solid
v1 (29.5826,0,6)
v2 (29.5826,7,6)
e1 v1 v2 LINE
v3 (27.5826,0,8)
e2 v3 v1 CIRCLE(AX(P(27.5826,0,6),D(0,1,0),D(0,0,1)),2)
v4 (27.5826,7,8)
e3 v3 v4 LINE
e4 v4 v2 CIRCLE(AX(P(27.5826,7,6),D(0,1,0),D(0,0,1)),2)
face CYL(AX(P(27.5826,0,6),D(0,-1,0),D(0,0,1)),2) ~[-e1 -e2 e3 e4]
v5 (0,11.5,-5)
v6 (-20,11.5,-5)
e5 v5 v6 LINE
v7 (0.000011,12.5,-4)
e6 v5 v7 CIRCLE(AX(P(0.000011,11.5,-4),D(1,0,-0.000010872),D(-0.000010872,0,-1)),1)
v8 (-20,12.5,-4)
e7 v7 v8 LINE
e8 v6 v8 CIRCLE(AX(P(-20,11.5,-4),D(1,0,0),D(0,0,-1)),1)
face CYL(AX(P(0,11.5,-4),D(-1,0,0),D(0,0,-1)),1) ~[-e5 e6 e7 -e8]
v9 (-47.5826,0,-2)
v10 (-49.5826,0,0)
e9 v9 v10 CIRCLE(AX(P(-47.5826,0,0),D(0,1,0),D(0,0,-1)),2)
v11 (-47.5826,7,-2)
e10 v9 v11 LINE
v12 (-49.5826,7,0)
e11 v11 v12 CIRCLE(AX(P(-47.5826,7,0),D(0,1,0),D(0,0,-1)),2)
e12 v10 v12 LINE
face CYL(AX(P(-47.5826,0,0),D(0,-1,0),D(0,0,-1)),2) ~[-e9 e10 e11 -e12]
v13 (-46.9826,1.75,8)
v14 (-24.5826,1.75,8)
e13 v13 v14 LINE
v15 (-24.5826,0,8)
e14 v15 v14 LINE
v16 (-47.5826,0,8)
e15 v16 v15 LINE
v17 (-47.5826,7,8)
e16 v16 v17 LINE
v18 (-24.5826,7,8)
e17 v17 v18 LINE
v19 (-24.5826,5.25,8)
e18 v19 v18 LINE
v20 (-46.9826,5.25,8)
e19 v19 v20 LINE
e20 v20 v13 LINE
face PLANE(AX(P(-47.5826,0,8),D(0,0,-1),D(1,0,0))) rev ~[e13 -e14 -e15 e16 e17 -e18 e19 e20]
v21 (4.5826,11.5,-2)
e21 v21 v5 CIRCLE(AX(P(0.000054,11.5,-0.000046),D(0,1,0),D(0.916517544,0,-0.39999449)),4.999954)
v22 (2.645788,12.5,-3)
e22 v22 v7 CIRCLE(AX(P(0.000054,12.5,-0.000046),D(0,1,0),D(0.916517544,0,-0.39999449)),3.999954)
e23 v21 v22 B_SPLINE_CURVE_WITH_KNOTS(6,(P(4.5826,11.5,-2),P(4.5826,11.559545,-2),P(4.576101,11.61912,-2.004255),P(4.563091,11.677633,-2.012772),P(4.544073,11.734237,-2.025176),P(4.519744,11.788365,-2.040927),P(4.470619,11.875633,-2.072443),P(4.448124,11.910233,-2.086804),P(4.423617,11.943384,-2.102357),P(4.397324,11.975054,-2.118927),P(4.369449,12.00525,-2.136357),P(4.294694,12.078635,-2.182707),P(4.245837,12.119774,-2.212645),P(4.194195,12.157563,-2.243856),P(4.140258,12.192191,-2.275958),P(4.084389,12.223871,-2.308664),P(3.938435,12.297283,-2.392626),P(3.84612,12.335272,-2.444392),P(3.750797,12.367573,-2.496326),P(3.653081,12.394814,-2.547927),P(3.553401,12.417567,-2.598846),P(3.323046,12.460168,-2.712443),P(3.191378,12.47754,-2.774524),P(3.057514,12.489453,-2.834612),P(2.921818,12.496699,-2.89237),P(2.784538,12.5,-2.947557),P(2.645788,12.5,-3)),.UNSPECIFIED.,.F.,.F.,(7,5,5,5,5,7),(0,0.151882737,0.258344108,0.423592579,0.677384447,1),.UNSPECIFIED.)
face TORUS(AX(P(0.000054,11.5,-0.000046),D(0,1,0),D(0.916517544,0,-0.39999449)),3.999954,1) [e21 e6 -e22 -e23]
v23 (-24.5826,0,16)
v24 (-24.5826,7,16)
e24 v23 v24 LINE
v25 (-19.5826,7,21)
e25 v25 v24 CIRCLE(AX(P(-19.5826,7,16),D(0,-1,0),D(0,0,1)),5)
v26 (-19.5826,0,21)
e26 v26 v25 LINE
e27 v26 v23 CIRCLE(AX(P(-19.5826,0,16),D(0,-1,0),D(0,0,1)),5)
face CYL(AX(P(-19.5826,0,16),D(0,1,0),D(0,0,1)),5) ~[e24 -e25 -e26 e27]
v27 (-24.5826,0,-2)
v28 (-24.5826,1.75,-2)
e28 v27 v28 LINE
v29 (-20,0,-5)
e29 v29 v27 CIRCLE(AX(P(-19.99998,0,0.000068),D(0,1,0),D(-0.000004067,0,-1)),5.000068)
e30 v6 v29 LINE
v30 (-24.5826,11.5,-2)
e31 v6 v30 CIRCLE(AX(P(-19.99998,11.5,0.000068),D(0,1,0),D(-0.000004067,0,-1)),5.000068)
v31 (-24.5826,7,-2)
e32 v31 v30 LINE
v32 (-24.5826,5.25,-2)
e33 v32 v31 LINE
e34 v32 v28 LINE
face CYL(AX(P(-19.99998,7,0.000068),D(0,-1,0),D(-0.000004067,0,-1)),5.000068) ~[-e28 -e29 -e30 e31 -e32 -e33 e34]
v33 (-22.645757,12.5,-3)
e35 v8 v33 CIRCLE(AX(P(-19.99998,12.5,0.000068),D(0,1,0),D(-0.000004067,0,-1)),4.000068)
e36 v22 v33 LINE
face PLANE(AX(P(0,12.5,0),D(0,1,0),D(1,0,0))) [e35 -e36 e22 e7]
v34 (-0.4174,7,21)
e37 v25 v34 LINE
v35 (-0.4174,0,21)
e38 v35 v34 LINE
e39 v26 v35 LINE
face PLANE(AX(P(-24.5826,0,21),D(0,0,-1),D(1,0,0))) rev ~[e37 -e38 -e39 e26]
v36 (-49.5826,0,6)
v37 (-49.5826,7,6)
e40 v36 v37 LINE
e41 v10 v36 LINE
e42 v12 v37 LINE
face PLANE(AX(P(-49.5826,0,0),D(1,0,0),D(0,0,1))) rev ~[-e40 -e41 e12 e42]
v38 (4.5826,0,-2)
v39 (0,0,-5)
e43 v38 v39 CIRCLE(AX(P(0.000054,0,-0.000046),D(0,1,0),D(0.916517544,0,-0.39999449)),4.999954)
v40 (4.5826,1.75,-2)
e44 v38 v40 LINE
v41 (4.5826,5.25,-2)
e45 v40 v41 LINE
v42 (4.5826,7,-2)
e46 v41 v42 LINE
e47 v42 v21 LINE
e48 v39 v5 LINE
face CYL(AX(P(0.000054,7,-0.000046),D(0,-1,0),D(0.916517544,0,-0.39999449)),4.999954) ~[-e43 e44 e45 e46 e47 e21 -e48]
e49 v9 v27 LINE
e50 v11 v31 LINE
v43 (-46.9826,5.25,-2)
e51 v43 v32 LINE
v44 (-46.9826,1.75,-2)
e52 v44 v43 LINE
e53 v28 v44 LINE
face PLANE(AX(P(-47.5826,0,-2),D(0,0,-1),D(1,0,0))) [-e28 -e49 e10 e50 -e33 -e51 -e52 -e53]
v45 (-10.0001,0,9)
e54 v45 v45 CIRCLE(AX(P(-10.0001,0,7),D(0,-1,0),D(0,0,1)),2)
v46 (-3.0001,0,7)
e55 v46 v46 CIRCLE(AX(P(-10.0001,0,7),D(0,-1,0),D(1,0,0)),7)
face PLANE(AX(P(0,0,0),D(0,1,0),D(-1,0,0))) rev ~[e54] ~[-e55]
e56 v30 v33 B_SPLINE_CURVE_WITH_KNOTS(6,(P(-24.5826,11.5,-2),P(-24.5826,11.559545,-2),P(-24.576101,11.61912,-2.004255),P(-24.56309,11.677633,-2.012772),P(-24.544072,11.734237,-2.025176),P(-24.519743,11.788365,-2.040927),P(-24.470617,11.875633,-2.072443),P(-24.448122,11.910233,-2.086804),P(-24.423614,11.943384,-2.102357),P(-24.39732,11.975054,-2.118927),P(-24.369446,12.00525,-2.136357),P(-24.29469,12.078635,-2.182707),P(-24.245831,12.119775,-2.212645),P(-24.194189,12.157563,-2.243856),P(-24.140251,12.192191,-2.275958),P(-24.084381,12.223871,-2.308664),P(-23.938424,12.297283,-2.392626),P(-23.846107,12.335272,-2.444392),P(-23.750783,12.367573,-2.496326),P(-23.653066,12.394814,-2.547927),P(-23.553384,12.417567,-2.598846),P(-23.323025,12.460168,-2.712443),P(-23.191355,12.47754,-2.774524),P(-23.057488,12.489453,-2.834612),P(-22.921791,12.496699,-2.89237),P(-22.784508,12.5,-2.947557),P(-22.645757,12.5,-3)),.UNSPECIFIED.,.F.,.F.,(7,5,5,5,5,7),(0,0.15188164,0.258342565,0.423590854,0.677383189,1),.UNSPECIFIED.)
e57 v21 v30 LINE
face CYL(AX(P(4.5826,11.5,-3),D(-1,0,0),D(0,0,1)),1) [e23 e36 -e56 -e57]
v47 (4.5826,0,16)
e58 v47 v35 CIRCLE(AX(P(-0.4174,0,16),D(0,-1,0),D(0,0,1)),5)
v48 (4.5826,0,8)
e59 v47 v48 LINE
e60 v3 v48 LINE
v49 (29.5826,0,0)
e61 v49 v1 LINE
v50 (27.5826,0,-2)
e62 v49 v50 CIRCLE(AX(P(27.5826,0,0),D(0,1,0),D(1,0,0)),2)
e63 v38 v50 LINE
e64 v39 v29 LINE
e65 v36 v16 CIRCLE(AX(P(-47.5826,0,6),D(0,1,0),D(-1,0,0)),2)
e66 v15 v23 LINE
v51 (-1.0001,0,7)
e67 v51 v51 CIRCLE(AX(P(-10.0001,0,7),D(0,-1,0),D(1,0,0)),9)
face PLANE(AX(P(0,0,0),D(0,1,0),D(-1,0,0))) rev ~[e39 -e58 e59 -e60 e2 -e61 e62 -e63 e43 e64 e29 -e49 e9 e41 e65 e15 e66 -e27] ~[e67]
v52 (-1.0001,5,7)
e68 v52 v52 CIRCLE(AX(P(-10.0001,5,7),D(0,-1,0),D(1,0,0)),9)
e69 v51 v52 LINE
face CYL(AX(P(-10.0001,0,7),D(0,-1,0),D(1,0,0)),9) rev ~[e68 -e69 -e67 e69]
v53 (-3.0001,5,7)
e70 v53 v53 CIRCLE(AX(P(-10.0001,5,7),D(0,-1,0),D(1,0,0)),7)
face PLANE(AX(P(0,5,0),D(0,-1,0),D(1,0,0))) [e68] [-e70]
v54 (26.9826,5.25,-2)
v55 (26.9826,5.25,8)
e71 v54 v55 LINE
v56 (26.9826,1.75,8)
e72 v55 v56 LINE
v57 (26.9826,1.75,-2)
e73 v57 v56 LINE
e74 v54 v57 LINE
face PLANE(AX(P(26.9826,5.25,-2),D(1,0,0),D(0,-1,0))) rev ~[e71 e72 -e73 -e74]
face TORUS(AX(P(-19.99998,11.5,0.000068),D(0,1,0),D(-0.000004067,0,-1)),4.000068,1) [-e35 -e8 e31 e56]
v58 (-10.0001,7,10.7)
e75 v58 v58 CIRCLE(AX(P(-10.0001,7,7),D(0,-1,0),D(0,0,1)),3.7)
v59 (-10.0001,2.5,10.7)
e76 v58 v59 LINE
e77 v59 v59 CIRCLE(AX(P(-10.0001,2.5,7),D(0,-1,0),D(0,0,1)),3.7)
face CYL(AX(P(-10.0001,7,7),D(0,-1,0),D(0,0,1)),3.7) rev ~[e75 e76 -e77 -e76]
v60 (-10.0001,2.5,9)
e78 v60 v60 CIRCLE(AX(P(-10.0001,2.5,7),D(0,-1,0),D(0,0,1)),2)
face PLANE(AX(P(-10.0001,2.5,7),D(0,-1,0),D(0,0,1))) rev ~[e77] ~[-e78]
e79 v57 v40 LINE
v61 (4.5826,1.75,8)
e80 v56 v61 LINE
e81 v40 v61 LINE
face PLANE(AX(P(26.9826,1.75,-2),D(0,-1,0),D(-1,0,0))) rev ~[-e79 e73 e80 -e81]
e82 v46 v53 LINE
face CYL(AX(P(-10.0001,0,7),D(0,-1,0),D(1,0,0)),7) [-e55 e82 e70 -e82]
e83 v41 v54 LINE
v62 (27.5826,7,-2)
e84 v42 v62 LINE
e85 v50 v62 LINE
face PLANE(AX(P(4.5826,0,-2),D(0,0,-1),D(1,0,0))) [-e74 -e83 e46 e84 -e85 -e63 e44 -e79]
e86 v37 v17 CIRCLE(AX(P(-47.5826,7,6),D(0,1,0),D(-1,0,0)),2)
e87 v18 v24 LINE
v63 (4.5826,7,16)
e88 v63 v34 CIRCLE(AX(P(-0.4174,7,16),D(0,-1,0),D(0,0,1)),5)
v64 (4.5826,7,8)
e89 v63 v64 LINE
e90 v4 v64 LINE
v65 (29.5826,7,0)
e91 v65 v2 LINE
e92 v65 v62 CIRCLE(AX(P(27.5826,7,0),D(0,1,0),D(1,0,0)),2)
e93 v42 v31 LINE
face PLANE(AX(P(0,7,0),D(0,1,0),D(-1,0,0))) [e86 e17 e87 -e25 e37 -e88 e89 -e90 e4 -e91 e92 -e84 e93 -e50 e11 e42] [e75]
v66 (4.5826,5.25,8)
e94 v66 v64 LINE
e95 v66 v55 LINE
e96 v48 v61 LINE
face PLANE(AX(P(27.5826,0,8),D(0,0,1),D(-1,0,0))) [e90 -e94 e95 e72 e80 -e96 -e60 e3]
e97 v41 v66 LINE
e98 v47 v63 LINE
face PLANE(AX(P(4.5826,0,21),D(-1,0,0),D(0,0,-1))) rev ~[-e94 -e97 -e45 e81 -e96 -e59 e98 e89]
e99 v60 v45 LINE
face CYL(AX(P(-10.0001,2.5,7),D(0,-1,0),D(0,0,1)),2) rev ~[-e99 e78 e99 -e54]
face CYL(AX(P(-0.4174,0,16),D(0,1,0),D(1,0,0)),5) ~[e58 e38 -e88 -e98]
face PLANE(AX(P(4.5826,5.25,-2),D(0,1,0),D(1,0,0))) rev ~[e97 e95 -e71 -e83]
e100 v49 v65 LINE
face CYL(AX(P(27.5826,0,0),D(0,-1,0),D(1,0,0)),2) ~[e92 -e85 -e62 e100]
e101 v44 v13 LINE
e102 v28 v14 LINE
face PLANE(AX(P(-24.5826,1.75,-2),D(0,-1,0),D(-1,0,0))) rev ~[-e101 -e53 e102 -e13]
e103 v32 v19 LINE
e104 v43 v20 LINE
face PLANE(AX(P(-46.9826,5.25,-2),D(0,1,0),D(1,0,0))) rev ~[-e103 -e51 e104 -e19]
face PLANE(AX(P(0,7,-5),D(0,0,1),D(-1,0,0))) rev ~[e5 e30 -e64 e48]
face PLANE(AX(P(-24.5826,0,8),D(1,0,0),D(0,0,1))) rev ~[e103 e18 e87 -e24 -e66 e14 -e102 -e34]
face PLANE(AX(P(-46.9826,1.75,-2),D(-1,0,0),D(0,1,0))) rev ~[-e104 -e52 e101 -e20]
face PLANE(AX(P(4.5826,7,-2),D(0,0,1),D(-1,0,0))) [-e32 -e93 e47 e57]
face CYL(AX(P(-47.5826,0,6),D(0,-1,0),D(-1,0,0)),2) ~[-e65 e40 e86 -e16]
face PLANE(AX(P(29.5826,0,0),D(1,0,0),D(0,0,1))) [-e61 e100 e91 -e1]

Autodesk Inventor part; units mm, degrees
ref_plane "YZ Plane" through (0, 0, 0) normal (1, 0, 0) x (0, 1, 0)
ref_plane "XZ Plane" through (0, 0, 0) normal (0, 1, 0) x (-1, 0, 0)
ref_plane "XY Plane" through (0, 0, 0) normal (0, 0, 1) x (1, 0, 0)
sketch "Sketch1" plane through (0, 0, 0) normal (0, 1, 0) x (-1, 0, 0)
  arc A0 (-4.5826, -2) -> (0, -5) centre (0, 0) ccw
  line L0 (47.5826, -2) -> (24.5826, -2)
  arc A1 (20, -5) -> (24.5826, -2) centre (20, 0) ccw
  line L1 (0, -5) -> (20, -5)
  line L2 (49.5826, 0) -> (49.5826, 6)
  line L3 (47.5826, 8) -> (24.5826, 8)
  arc A2 (49.5826, 6) -> (47.5826, 8) centre (47.5826, 6) ccw
  arc A3 (47.5826, -2) -> (49.5826, 0) centre (47.5826, 0) ccw
  line L4 (-4.5826, -2) -> (-27.5826, -2)
  line L5 (-29.5826, 0) -> (-29.5826, 6)
  line L6 (-27.5826, 8) -> (-4.5826, 8)
  line L7 (24.5826, 8) -> (24.5826, 21)
  line L8 (24.5826, 21) -> (-4.5826, 21)
  line L9 (-4.5826, 21) -> (-4.5826, 8)
  arc A4 (-29.5826, 0) -> (-27.5826, -2) centre (-27.5826, 0) ccw
  arc A5 (-27.5826, 8) -> (-29.5826, 6) centre (-27.5826, 6) ccw
  point P0 (49.5826, -2)
  point P1 (49.5826, 8)
  point P2 (-29.5826, -2)
  point P3 (-29.5826, 8)
  dimension "d0" = 5
  dimension "d8" = 5
  dimension "d9" = 20
  dimension "d12" = 3
  dimension "d14" = 10
  dimension "d15" = 2
  dimension "d49" = 25
  dimension "d50" = 25
  dimension "d51" = 10
  dimension "d52" = 26
  dimension "d53" = 2
extrude "Extrusion1" add sketch "Sketch1" along normal blind 7
fillet "Fillet2" radius 5 2 edges at (-24.5826, 3.5, 21) (4.5826, 3.5, 21)
sketch "Sketch7" plane through (-24.5826, 0, -2) normal (0, 0, -1) x (-1, 0, 0)
  line L0 (0, 7) -> (23, 7) projected
  line L1 (-52.1652, 0) -> (-29.1652, 0) projected
  line L2 (-29.1652, 0) -> (-29.1652, 7) projected
  line L3 (-52.1652, 7) -> (-29.1652, 7) projected
  line L4 (-52.1652, 0) -> (-52.1652, 7) projected
  line L5 (-51.5652, 1.75) -> (-29.1652, 1.75)
  line L6 (-29.1652, 1.75) -> (-29.1652, 5.25)
  line L7 (-29.1652, 5.25) -> (-51.5652, 5.25)
  line L8 (-51.5652, 5.25) -> (-51.5652, 1.75)
  line L9 (0, 1.75) -> (22.4, 1.75)
  line L10 (22.4, 1.75) -> (22.4, 5.25)
  line L11 (22.4, 5.25) -> (0, 5.25)
  line L12 (0, 5.25) -> (0, 1.75)
  line L13 (-54.1652, 0) -> (-54.1652, 7) projected
  line L14 (25, 0) -> (25, 7) projected
  point P0 (-24.5826, 0)
  dimension "d55" = 22.4
  dimension "d56" = 3.5
  dimension "d57" = 1.75
  dimension "d58" = 2.6
  dimension "d59" = 2.6
extrude "Extrusion7" cut sketch "Sketch7" against normal up to next contours L5 L8 L7 L2 | L12 L11 L10 L9
sketch "Sketch8" plane through (0, 0, 0) normal (0, -1, 0) x (1, 0, 0)
  line L0 (-24.5826, 8) -> (-24.5826, 16) projected
  line L1 (0, -5) -> (-20, -5) projected
  circle A0 centre (-10.0001, 7) radius 9
  circle A1 centre (-10.0001, 7) radius 7
  dimension "d62" = 18
  dimension "d63" = 12
  dimension "d64" = 14
  dimension "d65" = 14.5825
extrude "Extrusion8" cut sketch "Sketch8" against normal blind 5
sketch "Sketch11" plane through (0, 7, 0) normal (0, 1, 0) x (1, 0, 0)
  arc A0 (4.5826, 2) -> (0, 5) centre (0, 0) ccw projected
  line L0 (0, 5) -> (-20, 5) projected
  arc A1 (-20, 5) -> (-24.5826, 2) centre (-20, 0) ccw projected
  line L1 (-24.5826, 2) -> (-47.5826, 2) projected
  line L2 (4.5826, 2) -> (-24.5826, 2)
extrude "Extrusion11" add sketch "Sketch11" along normal blind 5.5
fillet "Fillet3" radius 1 4 edges at (-22.7386, 12.5, -4.1833) (2.7386, 12.5, -4.1833) (-10, 12.5, -5) (-10, 12.5, -2)
sketch "Sketch12" plane through (0, 7, 0) normal (0, 1, 0) x (1, 0, 0)
  circle A0 centre (-10.0001, -7) radius 7 projected
  point P0 (0, 0)
hole "Hole1" at (-10.0001, 7, 7) direction (0, -1, 0) diameter 4 end through all counterbore diameter 7.4 counterbore depth 4.5
properties part number "BedClipUltiBotsMiddle" material "ABS Plastic"
